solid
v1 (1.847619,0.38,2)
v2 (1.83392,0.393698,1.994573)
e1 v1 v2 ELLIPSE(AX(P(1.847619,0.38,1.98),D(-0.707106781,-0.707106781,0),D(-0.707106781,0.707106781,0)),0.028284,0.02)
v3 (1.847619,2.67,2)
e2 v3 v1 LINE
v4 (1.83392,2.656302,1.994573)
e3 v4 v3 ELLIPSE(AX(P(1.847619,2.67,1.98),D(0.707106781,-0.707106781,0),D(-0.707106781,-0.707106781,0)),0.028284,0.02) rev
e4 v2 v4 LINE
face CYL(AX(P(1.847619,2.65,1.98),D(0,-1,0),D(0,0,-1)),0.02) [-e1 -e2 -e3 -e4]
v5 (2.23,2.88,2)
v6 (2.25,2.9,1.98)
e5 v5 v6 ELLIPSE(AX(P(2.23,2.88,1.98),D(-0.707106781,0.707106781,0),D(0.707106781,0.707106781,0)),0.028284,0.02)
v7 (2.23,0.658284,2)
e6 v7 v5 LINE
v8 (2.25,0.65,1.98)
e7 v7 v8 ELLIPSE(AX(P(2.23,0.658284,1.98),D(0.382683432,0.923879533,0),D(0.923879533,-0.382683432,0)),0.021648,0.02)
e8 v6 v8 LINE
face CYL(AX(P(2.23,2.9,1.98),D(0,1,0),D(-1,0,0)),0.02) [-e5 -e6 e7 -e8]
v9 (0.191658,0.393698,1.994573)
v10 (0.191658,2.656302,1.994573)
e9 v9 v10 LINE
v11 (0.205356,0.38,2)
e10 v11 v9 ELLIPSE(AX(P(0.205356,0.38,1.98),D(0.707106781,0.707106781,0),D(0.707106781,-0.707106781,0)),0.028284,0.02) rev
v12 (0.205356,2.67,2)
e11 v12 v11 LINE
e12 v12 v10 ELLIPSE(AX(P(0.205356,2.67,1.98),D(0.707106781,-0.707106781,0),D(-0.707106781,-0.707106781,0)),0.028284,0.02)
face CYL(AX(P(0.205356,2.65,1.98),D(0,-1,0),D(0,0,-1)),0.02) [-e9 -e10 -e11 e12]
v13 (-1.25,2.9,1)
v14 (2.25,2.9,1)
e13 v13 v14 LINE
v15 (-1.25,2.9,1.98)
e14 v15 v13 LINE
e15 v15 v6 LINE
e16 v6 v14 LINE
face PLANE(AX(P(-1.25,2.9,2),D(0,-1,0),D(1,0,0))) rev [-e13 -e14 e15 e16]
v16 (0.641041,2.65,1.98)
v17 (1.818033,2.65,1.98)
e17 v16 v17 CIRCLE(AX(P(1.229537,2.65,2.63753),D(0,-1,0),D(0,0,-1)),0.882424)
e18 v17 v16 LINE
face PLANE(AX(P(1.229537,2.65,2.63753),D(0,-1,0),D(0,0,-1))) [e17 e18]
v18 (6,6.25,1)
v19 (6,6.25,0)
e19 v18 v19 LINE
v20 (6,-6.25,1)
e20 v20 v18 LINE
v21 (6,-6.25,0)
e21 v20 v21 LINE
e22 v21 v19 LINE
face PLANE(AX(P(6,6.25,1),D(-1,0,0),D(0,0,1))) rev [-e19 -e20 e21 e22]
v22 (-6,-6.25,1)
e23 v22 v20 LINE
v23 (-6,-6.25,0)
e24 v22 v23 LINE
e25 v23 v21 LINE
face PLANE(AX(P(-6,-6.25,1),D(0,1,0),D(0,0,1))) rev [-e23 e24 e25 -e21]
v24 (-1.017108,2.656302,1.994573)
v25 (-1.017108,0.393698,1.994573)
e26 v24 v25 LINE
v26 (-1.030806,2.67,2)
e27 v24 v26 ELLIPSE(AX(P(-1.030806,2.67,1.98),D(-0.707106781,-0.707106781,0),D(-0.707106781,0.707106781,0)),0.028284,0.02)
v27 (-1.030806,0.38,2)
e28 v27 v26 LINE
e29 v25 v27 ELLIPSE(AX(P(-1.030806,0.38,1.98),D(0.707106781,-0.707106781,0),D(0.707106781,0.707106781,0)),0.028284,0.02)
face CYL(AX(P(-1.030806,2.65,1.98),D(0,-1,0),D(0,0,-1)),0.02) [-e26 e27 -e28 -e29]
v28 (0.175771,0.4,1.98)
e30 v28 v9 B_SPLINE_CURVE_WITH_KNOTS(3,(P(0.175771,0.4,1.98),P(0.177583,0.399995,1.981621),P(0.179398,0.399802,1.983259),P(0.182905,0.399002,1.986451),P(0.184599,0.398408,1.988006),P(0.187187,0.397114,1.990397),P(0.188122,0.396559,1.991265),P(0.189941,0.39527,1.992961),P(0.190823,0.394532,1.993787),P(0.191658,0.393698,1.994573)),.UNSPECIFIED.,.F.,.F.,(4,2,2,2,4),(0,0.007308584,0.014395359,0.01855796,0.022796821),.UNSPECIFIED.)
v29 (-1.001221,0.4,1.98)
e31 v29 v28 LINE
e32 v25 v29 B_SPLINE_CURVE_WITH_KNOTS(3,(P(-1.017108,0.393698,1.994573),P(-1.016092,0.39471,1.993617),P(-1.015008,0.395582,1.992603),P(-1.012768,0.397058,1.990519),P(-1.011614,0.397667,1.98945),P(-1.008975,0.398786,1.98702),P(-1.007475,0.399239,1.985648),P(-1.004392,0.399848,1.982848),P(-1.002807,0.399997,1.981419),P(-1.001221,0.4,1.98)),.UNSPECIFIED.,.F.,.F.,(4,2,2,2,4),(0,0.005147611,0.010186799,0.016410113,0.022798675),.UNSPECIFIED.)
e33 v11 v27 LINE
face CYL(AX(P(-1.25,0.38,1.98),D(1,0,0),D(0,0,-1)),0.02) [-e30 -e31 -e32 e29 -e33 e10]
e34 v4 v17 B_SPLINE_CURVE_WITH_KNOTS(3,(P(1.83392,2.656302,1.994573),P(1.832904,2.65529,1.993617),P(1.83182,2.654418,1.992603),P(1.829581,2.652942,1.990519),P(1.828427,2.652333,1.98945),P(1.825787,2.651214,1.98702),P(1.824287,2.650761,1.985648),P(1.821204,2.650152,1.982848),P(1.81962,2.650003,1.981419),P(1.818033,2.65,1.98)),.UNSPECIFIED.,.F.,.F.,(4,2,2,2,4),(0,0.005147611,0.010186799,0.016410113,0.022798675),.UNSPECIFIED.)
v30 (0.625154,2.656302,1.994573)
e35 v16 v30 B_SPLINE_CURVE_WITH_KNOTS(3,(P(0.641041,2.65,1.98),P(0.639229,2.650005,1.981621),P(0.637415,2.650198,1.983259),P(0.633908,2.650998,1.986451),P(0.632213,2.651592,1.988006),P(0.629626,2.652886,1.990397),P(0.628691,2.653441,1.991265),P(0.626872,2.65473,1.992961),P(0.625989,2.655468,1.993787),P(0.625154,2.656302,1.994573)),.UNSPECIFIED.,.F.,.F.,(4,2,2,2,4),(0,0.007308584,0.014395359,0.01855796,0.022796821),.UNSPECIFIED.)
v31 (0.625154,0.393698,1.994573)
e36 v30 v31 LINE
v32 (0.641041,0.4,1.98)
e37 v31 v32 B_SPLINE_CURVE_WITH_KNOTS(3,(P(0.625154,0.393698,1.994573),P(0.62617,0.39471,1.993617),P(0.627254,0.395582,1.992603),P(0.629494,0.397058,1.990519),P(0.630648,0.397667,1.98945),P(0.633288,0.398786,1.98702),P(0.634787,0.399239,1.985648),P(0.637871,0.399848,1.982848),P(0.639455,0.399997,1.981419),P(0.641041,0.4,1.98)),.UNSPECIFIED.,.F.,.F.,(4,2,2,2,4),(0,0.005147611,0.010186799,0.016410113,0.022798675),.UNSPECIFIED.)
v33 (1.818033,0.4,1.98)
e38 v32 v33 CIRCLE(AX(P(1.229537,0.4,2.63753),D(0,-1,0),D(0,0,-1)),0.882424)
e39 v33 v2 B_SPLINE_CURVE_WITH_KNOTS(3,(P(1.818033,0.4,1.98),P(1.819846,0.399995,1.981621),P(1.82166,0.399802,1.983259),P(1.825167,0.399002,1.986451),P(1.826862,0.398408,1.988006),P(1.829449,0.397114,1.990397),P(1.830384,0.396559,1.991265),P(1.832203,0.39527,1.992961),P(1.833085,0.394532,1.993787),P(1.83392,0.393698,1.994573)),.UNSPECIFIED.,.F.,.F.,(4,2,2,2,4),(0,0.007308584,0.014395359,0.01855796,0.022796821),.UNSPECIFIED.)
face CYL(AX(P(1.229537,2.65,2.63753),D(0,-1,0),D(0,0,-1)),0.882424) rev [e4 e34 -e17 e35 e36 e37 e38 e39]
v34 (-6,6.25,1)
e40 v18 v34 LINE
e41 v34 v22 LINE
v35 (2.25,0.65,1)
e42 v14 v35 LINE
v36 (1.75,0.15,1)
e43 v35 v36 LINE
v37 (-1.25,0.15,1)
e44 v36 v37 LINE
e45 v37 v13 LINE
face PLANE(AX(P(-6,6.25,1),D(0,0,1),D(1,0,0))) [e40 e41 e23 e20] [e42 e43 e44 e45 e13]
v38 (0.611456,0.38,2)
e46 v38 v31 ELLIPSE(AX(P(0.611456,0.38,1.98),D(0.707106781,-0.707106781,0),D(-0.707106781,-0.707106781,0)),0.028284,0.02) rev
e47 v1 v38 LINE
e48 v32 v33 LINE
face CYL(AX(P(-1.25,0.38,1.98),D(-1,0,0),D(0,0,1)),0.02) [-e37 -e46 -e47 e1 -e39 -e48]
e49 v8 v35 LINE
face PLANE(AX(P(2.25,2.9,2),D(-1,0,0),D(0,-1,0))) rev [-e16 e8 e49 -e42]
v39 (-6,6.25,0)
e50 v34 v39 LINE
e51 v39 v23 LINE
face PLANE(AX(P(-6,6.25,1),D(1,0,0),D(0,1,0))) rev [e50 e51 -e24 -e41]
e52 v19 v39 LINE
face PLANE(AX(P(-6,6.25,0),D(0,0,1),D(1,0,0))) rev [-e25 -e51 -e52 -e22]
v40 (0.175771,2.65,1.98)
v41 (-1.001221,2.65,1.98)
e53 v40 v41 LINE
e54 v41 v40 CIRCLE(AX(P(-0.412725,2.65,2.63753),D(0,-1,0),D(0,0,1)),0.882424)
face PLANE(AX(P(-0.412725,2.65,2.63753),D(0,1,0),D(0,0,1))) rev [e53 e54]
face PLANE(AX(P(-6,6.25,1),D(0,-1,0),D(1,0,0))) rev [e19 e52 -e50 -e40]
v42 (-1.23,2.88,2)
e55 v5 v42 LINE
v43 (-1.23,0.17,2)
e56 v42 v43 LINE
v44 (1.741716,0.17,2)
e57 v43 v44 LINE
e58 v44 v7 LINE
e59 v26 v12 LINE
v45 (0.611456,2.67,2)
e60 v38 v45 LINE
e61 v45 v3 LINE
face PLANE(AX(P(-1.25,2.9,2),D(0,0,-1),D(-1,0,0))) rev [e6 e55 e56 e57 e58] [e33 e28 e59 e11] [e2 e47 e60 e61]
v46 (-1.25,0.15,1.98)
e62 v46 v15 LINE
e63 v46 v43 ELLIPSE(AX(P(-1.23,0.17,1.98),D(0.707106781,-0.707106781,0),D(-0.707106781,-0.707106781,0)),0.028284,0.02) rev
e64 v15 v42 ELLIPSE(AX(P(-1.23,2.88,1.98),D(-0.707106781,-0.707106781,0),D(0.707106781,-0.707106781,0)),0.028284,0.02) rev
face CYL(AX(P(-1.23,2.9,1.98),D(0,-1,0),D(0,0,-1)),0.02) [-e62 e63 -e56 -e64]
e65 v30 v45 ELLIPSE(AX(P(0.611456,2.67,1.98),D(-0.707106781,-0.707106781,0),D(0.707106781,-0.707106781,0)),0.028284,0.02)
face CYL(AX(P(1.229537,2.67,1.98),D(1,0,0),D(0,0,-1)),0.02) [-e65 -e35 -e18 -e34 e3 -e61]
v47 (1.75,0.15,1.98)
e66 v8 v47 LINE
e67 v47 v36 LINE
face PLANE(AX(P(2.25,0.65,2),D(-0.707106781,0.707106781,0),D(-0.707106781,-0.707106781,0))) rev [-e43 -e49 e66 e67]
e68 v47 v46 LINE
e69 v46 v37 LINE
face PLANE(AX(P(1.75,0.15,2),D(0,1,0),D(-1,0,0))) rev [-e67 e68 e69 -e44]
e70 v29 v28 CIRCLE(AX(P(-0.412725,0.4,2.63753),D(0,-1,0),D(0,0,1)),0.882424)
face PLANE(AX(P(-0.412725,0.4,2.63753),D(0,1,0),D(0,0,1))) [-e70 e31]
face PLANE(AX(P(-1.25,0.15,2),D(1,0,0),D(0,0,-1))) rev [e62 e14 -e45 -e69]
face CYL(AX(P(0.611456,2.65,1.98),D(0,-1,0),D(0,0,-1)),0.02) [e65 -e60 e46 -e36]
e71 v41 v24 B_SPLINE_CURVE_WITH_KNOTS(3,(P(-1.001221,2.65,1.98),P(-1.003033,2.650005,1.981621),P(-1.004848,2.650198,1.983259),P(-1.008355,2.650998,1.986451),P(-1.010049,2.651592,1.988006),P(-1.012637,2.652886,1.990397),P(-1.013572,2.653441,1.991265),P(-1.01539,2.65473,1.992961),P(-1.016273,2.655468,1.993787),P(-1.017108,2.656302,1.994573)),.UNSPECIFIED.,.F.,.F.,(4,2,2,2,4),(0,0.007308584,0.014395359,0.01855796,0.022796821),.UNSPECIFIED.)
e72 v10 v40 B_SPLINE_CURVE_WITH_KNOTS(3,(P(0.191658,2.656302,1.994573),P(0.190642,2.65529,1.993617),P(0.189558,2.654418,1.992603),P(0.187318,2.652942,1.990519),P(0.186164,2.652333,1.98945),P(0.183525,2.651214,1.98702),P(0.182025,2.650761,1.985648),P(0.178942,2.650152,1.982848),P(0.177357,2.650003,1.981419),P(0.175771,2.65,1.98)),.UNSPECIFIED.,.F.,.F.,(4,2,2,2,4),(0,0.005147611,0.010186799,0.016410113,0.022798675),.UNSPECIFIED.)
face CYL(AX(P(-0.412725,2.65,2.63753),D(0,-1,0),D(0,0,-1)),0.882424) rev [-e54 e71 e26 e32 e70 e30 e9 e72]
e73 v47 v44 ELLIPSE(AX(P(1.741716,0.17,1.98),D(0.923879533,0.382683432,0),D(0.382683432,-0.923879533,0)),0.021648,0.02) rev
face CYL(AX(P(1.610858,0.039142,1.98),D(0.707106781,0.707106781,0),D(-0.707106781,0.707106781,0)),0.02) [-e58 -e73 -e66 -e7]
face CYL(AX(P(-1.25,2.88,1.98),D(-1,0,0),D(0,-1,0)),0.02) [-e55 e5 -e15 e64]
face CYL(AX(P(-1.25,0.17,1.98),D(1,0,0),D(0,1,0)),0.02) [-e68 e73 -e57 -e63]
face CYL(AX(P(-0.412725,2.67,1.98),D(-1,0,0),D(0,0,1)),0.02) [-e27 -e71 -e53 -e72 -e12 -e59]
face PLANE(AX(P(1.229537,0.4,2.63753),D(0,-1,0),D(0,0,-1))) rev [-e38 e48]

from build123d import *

# Parameters (mm, degrees)
ESQUISSE1_W             = 12
ESQUISSE1_H             = 12.5
EXTRUSION1_DEPTH        = 1
EXTRUSION2_DEPTH        = 2
ENL_V_MAT_EXTRU_1_DEPTH = 2.25
CONG_1_R                = 0.02


with BuildPart() as part:
    # Esquisse1 → Extrusion1 (new body)
    with BuildSketch(Plane.XY):
        Rectangle(ESQUISSE1_W, ESQUISSE1_H)
    extrude(amount=EXTRUSION1_DEPTH)

    # Esquisse3 → Extrusion2 (add)
    with BuildSketch(Plane.XY):
        Polygon((-1.25, 2.9), (2.25, 2.9), (2.25, 0.65), (1.75, 0.15), (-1.25, 0.15), align=None)
    extrude(amount=EXTRUSION2_DEPTH)

    # Esquisse4 → Enlèv. mat.-Extru.1 (cut)
    with BuildSketch(Plane.XZ.offset(-0.4)):
        with BuildLine():
            Line((0.619431951, 2), (1.839642881, 2))
            ThreePointArc((1.839642881, 2), (1.229537416, 1.755105285), (0.619431951, 2))
        make_face()
        with BuildLine():
            Line((0.197380528, 2), (-1.022830402, 2))
            ThreePointArc((-1.022830402, 2), (-0.412724937, 1.755105285), (0.197380528, 2))
        make_face()
    extrude(amount=-ENL_V_MAT_EXTRU_1_DEPTH, mode=Mode.SUBTRACT)

    # Congé1
    cong_1_edges = [part.edges().sort_by_distance(p)[0] for p in [
        (0.5, 2.9, 2),
        (2.25, 1.775, 2),
        (2, 0.4, 2),
        (0.25, 0.15, 2),
        (-1.25, 1.525, 2),
        (1.229537416, 0.4, 2),
        (0.619431951, 1.525, 2),
        (1.229537416, 2.65, 2),
        (1.839642881, 1.525, 2),
        (-0.412724937, 0.4, 2),
        (-1.022830402, 1.525, 2),
        (-0.412724937, 2.65, 2),
        (0.197380528, 1.525, 2),
    ]]
    fillet(cong_1_edges, radius=CONG_1_R)


solid = part.part
